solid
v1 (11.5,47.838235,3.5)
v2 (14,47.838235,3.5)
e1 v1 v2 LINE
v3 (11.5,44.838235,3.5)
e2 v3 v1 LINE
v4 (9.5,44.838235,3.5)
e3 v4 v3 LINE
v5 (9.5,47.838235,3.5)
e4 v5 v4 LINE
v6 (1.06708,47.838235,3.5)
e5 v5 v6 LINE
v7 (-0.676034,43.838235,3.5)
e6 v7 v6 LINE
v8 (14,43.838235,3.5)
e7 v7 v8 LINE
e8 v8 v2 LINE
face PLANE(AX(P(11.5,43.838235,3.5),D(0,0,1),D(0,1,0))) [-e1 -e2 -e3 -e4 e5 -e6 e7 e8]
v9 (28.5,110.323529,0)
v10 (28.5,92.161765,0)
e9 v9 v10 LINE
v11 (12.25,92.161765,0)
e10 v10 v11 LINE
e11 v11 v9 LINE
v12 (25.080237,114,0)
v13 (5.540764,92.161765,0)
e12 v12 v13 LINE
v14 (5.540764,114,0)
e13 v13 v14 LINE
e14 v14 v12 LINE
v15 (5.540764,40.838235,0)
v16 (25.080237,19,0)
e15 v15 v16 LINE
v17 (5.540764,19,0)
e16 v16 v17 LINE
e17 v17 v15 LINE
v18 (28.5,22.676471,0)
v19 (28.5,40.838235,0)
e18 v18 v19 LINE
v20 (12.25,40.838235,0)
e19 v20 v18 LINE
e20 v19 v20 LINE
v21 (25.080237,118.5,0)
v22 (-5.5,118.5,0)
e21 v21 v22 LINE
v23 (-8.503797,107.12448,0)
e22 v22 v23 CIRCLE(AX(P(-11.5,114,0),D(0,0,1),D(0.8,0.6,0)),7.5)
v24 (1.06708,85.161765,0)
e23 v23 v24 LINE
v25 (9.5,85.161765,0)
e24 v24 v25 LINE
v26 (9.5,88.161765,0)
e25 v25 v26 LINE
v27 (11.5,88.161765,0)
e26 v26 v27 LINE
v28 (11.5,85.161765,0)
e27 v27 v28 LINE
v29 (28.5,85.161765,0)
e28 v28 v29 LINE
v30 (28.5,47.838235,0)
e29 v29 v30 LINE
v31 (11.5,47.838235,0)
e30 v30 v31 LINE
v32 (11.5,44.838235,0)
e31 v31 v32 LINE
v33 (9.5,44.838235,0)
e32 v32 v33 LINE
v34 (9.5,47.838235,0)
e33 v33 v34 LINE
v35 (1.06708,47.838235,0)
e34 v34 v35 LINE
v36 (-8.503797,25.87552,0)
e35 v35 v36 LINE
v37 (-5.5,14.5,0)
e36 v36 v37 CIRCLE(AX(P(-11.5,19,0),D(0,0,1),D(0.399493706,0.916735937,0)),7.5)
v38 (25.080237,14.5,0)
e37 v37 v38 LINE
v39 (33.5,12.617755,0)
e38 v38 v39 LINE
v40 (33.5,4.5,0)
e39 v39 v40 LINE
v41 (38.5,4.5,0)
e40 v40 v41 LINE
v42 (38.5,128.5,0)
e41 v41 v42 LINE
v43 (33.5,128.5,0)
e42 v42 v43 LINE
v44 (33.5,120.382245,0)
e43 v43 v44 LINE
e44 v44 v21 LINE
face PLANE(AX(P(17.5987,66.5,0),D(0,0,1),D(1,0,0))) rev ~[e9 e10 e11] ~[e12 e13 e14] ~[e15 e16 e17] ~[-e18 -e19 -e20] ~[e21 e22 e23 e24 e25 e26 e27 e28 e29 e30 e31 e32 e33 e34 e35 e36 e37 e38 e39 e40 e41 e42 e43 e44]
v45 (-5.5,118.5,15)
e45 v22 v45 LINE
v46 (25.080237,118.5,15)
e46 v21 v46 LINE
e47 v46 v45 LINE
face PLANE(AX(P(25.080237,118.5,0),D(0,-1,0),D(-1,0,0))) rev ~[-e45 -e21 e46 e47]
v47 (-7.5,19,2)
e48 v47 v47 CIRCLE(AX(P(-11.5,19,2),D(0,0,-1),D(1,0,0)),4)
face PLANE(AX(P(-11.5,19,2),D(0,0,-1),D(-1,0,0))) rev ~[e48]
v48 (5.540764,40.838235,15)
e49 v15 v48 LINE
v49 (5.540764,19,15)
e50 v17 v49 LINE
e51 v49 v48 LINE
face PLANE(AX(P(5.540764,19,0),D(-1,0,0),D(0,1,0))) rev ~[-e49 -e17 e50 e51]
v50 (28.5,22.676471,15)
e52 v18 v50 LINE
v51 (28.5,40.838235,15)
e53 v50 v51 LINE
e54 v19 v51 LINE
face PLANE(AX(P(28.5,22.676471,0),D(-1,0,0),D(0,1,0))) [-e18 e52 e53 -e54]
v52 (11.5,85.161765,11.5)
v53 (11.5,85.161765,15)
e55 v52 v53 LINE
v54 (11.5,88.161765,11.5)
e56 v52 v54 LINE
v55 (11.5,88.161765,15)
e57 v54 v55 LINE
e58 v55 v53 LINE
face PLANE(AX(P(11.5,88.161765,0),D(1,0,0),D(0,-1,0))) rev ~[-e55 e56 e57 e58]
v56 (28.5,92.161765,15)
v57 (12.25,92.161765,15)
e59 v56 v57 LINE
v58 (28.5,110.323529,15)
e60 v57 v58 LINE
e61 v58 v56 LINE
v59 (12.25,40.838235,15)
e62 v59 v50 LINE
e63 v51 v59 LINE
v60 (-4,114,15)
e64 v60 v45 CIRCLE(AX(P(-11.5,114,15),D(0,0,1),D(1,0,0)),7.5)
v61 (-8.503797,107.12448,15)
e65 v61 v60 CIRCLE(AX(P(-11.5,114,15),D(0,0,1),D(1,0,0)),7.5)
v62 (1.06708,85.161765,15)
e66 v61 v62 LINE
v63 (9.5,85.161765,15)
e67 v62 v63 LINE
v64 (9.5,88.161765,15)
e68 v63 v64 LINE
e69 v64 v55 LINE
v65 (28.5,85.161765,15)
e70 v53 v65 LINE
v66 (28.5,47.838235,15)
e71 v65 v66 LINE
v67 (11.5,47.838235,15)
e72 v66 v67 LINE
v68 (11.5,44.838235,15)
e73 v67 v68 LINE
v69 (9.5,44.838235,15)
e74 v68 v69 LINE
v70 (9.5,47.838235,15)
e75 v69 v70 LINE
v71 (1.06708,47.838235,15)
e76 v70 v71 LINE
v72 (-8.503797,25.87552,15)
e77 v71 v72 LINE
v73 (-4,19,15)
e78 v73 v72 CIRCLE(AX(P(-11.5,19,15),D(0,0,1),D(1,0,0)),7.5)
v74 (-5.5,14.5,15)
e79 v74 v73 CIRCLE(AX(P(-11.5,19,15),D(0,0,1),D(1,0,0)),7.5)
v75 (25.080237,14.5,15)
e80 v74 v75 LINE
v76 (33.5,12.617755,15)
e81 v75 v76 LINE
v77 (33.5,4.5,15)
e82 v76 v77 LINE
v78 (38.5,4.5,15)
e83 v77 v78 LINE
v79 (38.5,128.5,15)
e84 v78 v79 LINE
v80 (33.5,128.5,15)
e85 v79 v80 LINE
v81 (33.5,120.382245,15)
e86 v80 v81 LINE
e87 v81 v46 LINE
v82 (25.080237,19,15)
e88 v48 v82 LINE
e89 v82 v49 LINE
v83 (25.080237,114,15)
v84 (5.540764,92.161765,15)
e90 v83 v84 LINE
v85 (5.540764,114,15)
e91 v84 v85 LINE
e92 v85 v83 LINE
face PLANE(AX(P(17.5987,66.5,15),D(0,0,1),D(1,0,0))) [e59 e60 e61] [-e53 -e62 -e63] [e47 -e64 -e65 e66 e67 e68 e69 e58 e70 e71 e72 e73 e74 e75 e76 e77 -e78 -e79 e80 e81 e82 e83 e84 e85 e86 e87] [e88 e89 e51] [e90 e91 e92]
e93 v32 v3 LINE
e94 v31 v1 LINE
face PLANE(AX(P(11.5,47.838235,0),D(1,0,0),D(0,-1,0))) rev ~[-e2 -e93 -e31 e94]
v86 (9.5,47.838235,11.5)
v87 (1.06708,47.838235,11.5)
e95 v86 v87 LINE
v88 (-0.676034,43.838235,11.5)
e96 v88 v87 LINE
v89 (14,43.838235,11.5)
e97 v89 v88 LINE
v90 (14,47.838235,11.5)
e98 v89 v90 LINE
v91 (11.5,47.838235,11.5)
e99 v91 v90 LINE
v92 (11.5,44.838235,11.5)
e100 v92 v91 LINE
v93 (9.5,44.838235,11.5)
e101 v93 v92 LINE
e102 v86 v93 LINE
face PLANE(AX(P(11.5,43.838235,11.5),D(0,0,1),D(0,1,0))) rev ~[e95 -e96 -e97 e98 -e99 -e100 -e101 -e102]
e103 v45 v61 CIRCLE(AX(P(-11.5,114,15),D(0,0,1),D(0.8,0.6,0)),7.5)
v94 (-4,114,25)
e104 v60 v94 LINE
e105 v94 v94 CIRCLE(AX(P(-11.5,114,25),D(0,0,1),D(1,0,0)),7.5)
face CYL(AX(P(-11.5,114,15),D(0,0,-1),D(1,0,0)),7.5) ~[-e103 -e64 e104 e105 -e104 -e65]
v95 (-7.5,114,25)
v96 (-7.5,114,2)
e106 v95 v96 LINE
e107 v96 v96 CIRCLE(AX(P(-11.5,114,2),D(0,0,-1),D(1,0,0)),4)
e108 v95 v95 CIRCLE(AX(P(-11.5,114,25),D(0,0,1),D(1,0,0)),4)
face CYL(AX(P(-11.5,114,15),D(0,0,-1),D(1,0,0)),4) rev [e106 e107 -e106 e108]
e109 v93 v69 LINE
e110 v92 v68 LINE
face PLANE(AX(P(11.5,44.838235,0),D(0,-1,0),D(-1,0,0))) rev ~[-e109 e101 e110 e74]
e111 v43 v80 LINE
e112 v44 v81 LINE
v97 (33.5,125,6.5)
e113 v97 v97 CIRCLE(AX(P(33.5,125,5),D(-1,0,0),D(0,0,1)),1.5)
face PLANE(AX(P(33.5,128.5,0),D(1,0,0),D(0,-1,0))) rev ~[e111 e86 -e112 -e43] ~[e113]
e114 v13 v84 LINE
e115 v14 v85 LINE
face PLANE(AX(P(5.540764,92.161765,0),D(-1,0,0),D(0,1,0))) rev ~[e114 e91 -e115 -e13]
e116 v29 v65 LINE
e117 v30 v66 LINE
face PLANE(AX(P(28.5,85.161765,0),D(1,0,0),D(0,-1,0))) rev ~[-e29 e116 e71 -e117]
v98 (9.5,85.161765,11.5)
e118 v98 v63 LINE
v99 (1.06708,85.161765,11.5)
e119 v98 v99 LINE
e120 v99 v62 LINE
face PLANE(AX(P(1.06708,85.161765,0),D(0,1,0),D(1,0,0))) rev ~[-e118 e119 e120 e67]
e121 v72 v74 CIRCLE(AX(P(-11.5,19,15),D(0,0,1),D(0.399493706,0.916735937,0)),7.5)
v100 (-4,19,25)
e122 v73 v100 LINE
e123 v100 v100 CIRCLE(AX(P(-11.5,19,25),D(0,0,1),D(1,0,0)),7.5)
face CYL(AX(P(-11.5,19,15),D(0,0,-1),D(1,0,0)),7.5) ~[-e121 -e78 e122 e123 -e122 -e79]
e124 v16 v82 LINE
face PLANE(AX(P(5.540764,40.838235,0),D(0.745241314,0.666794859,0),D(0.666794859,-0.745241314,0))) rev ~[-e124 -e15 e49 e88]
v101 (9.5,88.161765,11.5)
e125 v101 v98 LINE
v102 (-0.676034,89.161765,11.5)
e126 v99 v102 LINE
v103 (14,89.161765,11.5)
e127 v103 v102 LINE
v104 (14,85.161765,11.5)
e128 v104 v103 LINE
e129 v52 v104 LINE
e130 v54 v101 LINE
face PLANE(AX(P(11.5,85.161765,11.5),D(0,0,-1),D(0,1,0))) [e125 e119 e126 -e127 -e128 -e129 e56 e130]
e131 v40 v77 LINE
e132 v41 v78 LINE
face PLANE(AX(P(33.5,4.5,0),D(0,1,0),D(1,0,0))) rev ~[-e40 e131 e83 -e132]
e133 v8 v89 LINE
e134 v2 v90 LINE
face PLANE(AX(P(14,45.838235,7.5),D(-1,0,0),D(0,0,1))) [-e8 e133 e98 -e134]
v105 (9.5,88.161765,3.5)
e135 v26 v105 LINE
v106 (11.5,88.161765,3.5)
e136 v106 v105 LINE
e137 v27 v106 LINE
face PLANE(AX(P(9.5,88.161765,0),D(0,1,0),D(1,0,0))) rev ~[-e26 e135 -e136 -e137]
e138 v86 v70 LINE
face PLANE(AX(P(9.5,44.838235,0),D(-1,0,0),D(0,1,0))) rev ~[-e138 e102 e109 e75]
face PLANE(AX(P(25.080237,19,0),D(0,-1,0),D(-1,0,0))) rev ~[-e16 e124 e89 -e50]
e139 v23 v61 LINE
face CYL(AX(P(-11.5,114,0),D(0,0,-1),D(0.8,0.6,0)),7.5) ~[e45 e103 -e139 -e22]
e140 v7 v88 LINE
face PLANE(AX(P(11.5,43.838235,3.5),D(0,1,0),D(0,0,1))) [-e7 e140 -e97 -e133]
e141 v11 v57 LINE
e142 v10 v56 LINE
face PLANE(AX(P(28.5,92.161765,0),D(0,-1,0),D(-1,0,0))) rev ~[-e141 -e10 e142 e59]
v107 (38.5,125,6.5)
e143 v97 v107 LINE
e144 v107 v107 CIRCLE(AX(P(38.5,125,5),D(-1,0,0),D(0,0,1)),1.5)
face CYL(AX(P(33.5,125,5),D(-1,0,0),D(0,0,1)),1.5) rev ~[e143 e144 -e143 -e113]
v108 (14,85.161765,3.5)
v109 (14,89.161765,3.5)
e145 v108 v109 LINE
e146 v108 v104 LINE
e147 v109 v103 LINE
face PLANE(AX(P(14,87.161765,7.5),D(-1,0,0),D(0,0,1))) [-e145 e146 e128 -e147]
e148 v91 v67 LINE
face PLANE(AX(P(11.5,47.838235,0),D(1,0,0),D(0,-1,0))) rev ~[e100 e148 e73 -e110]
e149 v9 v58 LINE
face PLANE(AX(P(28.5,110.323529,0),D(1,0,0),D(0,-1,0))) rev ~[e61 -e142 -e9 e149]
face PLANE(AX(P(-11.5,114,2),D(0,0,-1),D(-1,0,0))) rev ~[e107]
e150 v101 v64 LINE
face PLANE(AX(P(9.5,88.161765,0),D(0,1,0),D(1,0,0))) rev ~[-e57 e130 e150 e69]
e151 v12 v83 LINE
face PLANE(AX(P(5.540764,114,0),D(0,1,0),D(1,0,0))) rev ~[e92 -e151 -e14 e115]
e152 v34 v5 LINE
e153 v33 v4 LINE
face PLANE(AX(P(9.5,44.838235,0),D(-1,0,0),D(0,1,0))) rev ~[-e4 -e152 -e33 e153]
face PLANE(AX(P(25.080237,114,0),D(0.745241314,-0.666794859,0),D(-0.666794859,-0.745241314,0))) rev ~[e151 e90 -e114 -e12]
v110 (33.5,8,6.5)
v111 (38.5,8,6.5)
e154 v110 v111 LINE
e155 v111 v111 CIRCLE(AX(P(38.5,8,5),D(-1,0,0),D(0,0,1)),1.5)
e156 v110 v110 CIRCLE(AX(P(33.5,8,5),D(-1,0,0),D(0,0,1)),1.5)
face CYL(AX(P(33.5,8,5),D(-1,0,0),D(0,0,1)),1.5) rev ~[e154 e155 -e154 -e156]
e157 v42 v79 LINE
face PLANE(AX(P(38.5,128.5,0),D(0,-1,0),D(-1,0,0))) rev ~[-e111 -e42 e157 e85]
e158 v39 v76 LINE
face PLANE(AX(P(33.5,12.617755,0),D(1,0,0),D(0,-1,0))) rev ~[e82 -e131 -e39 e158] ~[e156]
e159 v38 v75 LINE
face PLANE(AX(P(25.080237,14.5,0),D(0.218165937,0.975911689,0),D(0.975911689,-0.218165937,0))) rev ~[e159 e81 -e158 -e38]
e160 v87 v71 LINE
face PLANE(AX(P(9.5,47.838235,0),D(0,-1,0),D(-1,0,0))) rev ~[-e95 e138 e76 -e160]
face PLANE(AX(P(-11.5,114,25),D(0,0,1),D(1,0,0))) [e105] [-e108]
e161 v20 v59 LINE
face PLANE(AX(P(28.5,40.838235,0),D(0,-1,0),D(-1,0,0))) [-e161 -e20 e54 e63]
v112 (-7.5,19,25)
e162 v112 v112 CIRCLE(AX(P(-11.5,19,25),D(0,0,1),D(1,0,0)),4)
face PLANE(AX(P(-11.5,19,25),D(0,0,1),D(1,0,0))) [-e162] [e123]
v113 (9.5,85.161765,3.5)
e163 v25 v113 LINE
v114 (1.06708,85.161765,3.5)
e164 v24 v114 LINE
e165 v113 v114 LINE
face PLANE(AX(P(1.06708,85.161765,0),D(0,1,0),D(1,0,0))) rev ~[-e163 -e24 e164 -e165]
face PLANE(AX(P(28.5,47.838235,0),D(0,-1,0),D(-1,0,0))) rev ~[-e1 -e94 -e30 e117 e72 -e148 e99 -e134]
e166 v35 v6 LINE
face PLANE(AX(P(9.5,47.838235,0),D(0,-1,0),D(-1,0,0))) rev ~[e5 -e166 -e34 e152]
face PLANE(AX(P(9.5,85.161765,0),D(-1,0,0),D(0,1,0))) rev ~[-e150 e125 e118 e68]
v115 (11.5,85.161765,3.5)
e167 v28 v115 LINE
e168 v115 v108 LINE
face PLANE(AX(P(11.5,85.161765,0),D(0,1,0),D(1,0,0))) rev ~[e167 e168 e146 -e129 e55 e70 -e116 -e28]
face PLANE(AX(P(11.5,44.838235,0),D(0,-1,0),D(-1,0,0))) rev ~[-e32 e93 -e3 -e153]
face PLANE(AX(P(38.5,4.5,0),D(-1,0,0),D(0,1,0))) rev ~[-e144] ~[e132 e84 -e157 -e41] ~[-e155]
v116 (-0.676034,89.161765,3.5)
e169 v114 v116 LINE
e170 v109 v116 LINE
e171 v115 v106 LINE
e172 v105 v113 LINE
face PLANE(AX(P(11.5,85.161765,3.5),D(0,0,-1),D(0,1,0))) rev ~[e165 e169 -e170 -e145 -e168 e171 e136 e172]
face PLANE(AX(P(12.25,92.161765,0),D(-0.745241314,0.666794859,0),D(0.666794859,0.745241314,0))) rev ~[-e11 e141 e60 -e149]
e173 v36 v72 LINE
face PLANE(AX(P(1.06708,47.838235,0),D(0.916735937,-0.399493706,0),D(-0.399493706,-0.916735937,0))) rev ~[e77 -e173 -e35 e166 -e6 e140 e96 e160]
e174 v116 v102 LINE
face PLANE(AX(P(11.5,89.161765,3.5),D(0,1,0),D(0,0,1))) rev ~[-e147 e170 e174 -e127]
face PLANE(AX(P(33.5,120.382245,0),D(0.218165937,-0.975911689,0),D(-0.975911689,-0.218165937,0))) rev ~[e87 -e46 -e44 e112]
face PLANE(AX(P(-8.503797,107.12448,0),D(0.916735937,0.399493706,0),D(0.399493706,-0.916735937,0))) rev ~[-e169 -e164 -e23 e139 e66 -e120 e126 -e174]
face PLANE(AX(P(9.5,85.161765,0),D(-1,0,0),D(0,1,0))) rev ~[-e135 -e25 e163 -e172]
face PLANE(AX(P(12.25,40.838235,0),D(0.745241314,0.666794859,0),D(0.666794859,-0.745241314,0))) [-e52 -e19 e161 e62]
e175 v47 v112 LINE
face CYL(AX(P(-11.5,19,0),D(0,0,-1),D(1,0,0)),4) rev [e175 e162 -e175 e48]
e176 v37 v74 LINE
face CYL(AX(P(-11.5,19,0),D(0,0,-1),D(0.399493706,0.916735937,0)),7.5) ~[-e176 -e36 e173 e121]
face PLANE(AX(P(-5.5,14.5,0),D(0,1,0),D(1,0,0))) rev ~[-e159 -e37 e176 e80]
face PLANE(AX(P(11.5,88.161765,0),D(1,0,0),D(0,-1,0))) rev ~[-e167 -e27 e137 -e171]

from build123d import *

# Parameters (mm, degrees)
CROQUIS1_R                 = 4
SALIENTE_EXTRUIR2_DEPTH    = 15
CROQUIS2_R                 = 7.5
CROQUIS2_R_2               = 4
SALIENTE_EXTRUIR3_DEPTH    = 10
CROQUIS3_R                 = 4.006471319
CROQUIS3_R_2               = 4.004031771
SALIENTE_EXTRUIR4_DEPTH    = 2
CROQUIS4_R                 = 1.5
CORTAR_EXTRUIR1_DEPTH      = 6
CROQUIS5_W                 = 8
CROQUIS5_H                 = 4
CORTAR_EXTRUIR2_DEPTH      = 15
CORTAR_EXTRUIR2_DEPTH_BACK = 2.5


with BuildPart() as part:
    # Croquis1 → Saliente-Extruir2 (new body)
    with BuildSketch(Plane.XY):
        with BuildLine():
            Line((28.5, 85.161764706), (28.5, 47.838235294))
            Line((28.5, 47.838235294), (11.5, 47.838235294))
            Line((11.5, 47.838235294), (11.5, 44.838235294))
            Line((11.5, 44.838235294), (9.5, 44.838235294))
            Line((9.5, 44.838235294), (9.5, 47.838235294))
            Line((9.5, 47.838235294), (1.067079587, 47.838235294))
            Line((1.067079587, 47.838235294), (-8.503797206, 25.875519531))
            ThreePointArc((-8.503797206, 25.875519531), (-18.751450015, 17.08519644), (-5.5, 14.5))
            Line((-5.5, 14.5), (25.080237482, 14.5))
            Line((25.080237482, 14.5), (33.5, 12.617754504))
            Line((33.5, 12.617754504), (33.5, 4.5))
            Line((33.5, 4.5), (38.5, 4.5))
            Line((38.5, 4.5), (38.5, 11.5))
            Line((38.5, 11.5), (38.5, 121.5))
            Line((38.5, 121.5), (38.5, 128.5))
            Line((38.5, 128.5), (33.5, 128.5))
            Line((33.5, 128.5), (33.5, 120.382245496))
            Line((33.5, 120.382245496), (25.080237482, 118.5))
            Line((25.080237482, 118.5), (-5.5, 118.5))
            ThreePointArc((-5.5, 118.5), (-18.751450015, 115.91480356), (-8.503797206, 107.124480469))
            Line((-8.503797206, 107.124480469), (1.067079587, 85.161764706))
            Line((1.067079587, 85.161764706), (9.5, 85.161764706))
            Line((9.5, 85.161764706), (9.5, 88.161764706))
            Line((9.5, 88.161764706), (11.5, 88.161764706))
            Line((11.5, 88.161764706), (11.5, 85.161764706))
            Line((11.5, 85.161764706), (28.5, 85.161764706))
        make_face()
        with Locations((-11.5, 114)):
            Circle(CROQUIS1_R, mode=Mode.SUBTRACT)
        with Locations((-11.5, 19)):
            Circle(CROQUIS1_R, mode=Mode.SUBTRACT)
        Polygon((28.5, 22.676470588), (28.5, 40.838235294), (12.25, 40.838235294), align=None, mode=Mode.SUBTRACT)
        Polygon((28.5, 110.323529412), (28.5, 92.161764706), (12.25, 92.161764706), align=None, mode=Mode.SUBTRACT)
        Polygon((25.080237482, 114), (5.540763798, 92.161764706), (5.540763798, 114), align=None, mode=Mode.SUBTRACT)
        Polygon((5.540763798, 40.838235294), (25.080237482, 19), (5.540763798, 19), align=None, mode=Mode.SUBTRACT)
    extrude(amount=SALIENTE_EXTRUIR2_DEPTH)

    # Croquis2 → Saliente-Extruir3 (add)
    with BuildSketch(Plane.XY.offset(15)):
        with Locations((-11.5, 114)):
            Circle(CROQUIS2_R)
        with Locations((-11.5, 114)):
            Circle(CROQUIS2_R_2, mode=Mode.SUBTRACT)
        with Locations((-11.5, 19)):
            Circle(CROQUIS2_R)
        with Locations((-11.5, 19)):
            Circle(CROQUIS2_R_2, mode=Mode.SUBTRACT)
    extrude(amount=SALIENTE_EXTRUIR3_DEPTH)

    # Croquis3 → Saliente-Extruir4 (add)
    with BuildSketch(Plane(origin=(0, 0, 0), x_dir=(-1, 0, 0), z_dir=(0, 0, -1))):
        with Locations((11.5, 114)):
            Circle(CROQUIS3_R)
        with Locations((11.5, 19)):
            Circle(CROQUIS3_R_2)
    extrude(amount=-SALIENTE_EXTRUIR4_DEPTH)

    # Croquis4 → Cortar-Extruir1 (cut, through all)
    with BuildSketch(Plane.ZY.offset(-33.5)):
        with Locations((5, 125)):
            Circle(CROQUIS4_R)
        with Locations((5, 8)):
            Circle(CROQUIS4_R)
    extrude(amount=-CORTAR_EXTRUIR1_DEPTH, mode=Mode.SUBTRACT)

    # Croquis5 → Cortar-Extruir2 (cut, two sides)
    with BuildSketch(Plane.ZY.offset(-11.5)) as cortar_extruir2_sk:
        with Locations((7.5, 87.161764706)):
            Rectangle(CROQUIS5_W, CROQUIS5_H)
        with Locations((7.5, 45.838235294)):
            Rectangle(CROQUIS5_W, CROQUIS5_H)
    extrude(amount=CORTAR_EXTRUIR2_DEPTH, mode=Mode.SUBTRACT)
    extrude(cortar_extruir2_sk.sketch, amount=-CORTAR_EXTRUIR2_DEPTH_BACK, mode=Mode.SUBTRACT)


solid = part.part
